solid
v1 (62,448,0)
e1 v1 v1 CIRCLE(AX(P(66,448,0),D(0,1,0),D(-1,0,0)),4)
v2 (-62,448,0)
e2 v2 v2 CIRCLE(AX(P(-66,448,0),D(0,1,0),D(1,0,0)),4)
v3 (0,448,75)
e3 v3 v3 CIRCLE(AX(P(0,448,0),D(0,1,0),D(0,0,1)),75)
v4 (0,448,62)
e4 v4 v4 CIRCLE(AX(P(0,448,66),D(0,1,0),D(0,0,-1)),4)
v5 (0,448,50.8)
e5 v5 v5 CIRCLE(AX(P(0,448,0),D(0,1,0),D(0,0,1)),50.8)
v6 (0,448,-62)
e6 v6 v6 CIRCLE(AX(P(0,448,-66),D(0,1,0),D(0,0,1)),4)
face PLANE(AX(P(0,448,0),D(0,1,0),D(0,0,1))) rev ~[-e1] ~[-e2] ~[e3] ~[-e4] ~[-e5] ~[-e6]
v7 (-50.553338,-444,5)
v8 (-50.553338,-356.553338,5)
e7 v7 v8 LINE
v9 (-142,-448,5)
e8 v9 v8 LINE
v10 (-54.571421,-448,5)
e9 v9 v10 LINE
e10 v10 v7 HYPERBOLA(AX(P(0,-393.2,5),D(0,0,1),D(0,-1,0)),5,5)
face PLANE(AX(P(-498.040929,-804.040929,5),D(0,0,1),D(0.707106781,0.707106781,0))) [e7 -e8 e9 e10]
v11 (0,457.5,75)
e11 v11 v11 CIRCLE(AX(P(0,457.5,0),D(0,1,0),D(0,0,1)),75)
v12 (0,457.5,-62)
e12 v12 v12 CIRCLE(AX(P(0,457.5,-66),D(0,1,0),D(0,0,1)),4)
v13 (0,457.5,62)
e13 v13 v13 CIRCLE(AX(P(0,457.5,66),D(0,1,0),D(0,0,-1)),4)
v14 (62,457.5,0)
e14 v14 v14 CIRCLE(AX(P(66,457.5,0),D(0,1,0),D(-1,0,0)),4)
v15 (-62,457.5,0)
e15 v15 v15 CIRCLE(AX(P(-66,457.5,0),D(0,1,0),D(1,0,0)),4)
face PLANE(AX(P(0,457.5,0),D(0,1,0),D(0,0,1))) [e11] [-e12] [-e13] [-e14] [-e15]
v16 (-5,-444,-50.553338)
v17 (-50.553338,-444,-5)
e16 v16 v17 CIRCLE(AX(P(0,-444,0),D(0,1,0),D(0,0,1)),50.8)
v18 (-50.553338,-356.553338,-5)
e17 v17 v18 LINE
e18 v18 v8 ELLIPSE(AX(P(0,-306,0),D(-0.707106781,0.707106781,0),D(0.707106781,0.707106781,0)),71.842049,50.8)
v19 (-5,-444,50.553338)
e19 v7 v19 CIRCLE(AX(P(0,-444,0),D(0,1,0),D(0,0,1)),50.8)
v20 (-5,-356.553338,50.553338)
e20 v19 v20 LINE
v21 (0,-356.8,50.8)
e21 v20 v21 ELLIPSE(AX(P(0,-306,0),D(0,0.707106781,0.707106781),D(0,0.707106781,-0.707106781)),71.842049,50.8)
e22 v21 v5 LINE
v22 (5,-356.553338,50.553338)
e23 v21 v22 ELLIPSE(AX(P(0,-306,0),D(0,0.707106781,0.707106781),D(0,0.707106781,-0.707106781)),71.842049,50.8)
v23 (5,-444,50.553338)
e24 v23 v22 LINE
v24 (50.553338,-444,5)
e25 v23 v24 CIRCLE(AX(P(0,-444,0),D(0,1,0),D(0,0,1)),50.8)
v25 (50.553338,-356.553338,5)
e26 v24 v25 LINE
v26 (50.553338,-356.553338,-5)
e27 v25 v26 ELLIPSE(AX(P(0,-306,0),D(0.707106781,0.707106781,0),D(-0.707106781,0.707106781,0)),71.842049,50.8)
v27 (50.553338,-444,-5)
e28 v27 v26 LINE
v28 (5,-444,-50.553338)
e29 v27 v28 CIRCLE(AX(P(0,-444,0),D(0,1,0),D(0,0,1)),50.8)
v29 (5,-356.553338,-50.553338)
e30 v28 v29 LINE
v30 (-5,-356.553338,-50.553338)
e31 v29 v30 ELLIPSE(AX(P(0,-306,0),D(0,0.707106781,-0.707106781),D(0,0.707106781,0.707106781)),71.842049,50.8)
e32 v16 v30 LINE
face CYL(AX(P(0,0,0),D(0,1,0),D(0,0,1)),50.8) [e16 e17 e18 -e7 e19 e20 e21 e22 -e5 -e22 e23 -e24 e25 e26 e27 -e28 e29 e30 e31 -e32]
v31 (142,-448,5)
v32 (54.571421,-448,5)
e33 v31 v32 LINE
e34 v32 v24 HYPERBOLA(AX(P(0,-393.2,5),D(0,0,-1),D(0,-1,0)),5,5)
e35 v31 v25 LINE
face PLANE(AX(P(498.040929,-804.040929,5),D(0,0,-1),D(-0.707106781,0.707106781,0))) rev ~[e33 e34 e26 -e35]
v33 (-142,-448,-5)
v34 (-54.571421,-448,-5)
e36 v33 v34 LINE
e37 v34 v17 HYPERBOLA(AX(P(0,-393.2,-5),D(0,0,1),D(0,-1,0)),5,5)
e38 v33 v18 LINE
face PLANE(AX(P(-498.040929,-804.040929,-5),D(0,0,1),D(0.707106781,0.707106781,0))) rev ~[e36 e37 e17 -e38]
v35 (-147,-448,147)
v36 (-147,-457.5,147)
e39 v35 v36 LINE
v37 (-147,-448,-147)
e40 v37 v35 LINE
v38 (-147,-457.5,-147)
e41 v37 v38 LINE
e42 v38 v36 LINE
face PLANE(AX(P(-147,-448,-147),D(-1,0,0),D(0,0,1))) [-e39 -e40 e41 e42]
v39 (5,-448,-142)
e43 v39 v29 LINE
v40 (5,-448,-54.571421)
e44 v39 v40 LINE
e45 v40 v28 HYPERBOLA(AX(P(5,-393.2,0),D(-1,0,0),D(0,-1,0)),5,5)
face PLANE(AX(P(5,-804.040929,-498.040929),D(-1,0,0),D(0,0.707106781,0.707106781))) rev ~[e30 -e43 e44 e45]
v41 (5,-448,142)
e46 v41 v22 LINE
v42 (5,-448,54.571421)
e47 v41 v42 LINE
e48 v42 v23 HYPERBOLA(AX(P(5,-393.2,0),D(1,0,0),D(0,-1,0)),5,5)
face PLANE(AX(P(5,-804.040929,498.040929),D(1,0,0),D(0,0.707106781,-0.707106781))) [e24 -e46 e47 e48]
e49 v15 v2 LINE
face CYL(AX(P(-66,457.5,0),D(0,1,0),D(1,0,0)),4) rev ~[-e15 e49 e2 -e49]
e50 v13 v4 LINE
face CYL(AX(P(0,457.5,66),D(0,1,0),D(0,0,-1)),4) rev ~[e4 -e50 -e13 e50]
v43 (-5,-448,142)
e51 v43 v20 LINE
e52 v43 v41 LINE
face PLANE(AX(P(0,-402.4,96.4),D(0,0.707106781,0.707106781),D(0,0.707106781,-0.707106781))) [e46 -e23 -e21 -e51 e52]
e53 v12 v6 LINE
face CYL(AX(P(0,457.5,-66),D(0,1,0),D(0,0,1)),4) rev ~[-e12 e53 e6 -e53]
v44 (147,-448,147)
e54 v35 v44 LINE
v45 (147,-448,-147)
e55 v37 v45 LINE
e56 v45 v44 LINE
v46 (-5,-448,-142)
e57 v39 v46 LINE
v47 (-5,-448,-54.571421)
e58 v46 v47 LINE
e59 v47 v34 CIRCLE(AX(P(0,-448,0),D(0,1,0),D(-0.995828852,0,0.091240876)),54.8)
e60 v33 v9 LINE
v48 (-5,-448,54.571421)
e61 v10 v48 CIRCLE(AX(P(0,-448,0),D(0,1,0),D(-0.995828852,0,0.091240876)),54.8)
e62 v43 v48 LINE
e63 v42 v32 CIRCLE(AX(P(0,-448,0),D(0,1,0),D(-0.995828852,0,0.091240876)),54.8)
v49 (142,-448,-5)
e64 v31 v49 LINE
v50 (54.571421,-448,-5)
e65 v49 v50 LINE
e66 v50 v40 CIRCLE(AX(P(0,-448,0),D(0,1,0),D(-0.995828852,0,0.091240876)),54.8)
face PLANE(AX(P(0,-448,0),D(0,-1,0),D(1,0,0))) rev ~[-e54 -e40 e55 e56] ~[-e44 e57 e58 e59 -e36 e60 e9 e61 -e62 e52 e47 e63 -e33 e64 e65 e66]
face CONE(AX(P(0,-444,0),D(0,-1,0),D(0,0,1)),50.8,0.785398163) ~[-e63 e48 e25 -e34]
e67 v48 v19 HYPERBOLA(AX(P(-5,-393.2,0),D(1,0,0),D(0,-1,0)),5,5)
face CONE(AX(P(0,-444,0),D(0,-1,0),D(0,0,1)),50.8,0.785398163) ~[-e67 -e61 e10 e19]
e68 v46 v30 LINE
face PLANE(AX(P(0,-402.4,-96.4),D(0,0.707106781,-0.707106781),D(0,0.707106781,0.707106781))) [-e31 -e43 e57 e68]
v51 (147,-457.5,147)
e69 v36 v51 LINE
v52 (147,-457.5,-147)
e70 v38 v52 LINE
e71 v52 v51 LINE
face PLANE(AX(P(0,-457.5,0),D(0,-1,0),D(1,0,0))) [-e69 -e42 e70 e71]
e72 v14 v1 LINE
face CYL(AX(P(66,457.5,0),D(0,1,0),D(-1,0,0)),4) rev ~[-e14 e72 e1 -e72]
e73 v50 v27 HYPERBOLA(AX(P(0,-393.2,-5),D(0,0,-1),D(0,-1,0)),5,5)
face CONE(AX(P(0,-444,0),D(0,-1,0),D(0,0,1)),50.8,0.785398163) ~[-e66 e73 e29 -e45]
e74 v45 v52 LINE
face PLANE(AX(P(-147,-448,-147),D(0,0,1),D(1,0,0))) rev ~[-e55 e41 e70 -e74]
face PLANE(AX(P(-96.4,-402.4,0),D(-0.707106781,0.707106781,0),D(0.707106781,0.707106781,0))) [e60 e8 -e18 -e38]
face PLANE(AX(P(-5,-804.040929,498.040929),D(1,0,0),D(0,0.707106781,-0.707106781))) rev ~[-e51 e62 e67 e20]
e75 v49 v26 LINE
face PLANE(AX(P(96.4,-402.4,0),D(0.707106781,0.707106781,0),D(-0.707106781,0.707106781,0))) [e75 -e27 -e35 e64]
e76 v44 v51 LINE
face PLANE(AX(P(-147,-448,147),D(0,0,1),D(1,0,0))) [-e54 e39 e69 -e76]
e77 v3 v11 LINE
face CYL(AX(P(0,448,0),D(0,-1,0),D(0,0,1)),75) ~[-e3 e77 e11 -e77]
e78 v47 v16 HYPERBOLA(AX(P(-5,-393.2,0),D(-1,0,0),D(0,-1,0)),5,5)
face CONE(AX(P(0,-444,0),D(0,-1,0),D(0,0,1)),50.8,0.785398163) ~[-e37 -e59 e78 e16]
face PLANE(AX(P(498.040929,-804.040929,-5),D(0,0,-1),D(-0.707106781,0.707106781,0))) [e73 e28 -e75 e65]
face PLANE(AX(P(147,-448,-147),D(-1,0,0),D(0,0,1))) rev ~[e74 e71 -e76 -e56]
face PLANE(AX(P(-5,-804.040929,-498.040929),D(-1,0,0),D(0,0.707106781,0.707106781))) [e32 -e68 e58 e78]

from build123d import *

# Parameters (mm, degrees)
CROQUIS1_R              = 50.8
SALIENTE_EXTRUIR1_DEPTH = 448
CROQUIS2_W              = 294
CROQUIS2_H              = 294
SALIENTE_EXTRUIR2_DEPTH = 9.5
CROQUIS3_R              = 75
SALIENTE_EXTRUIR3_DEPTH = 9.5
CORTAR_EXTRUIR1_REACH   = 940.319
CROQUIS4_R              = 4
MATRIZC1_COUNT          = 4
CHAFL_N1_SIZE           = 4
NERVIO2_REACH           = 504.518
CROQUIS5_WALL_W         = 1136.012097146
CROQUIS5_WALL_H         = 10
MATRIZC2_COUNT          = 4


with BuildPart() as part:
    # Croquis1 → Saliente-Extruir1 (new, symmetric)
    with BuildSketch(Plane(origin=(0, 0, 0), x_dir=(1, 0, 0), z_dir=(0, 1, 0))):
        with Locations(Location((0, 0, 0), (0, 0, 270))):
            Circle(CROQUIS1_R)
    extrude(amount=SALIENTE_EXTRUIR1_DEPTH, both=True)

    # Croquis2 → Saliente-Extruir2 (add)
    with BuildSketch(Plane.XZ.offset(448)):
        Rectangle(CROQUIS2_W, CROQUIS2_H)
    extrude(amount=SALIENTE_EXTRUIR2_DEPTH)

    # Croquis3 → Saliente-Extruir3 (add)
    with BuildSketch(Plane(origin=(0, 448, 0), x_dir=(1, 0, 0), z_dir=(0, 1, 0))):
        with Locations(Location((0, 0, 0), (0, 0, 270))):
            Circle(CROQUIS3_R)
    extrude(amount=SALIENTE_EXTRUIR3_DEPTH)

    # Croquis4 → Cortar-Extruir1 (cut, up to next)
    with BuildSketch(Plane(origin=(0, 457.5, 0), x_dir=(1, 0, 0), z_dir=(0, 1, 0)), mode=Mode.PRIVATE) as cortar_extruir1_sk1:
        with Locations(Location((0, 66, 0), (0, 0, 270))):
            Circle(CROQUIS4_R)
    cortar_extruir1_tool1 = extrude(cortar_extruir1_sk1.sketch, amount=-CORTAR_EXTRUIR1_REACH, mode=Mode.PRIVATE) & part.part
    cortar_extruir1 = cortar_extruir1_tool1.solids().sort_by_distance((0, 457.5, -66))[0]
    add(cortar_extruir1, mode=Mode.SUBTRACT)

    # MatrizC1: Cortar-Extruir1 ×4 about axis
    matrizc1_axis = Axis((0, 0, 0), (0, 1, 0))
    for i in range(1, MATRIZC1_COUNT):
        add(cortar_extruir1.rotate(matrizc1_axis, i * 360 / MATRIZC1_COUNT), mode=Mode.SUBTRACT)

    # Chaflán1
    chafl_n1_edges = [part.edges().sort_by_distance(p)[0] for p in [
        (0, -448, -50.8),
    ]]
    chamfer(chafl_n1_edges, length=CHAFL_N1_SIZE)

    # Croquis5 wall → Nervio2 (add, up to next)
    with BuildSketch(Plane(origin=(-96.4, -402.4, 0), x_dir=(0.707106781187, 0.707106781187, 0), z_dir=(-0.707106781187, 0.707106781187, 0)), mode=Mode.PRIVATE) as nervio2_sk1:
        Rectangle(CROQUIS5_WALL_W, CROQUIS5_WALL_H)
    nervio2_tool1 = extrude(nervio2_sk1.sketch, amount=-NERVIO2_REACH, mode=Mode.PRIVATE) - part.part
    nervio2 = nervio2_tool1.solids().sort_by_distance((-96.4, -402.4, 0))[0]
    add(nervio2)

    # MatrizC2: Nervio2 ×4 about axis
    matrizc2_axis = Axis((0, 0, 0), (0, 1, 0))
    for i in range(1, MATRIZC2_COUNT):
        add(nervio2.rotate(matrizc2_axis, i * 360 / MATRIZC2_COUNT))


solid = part.part
